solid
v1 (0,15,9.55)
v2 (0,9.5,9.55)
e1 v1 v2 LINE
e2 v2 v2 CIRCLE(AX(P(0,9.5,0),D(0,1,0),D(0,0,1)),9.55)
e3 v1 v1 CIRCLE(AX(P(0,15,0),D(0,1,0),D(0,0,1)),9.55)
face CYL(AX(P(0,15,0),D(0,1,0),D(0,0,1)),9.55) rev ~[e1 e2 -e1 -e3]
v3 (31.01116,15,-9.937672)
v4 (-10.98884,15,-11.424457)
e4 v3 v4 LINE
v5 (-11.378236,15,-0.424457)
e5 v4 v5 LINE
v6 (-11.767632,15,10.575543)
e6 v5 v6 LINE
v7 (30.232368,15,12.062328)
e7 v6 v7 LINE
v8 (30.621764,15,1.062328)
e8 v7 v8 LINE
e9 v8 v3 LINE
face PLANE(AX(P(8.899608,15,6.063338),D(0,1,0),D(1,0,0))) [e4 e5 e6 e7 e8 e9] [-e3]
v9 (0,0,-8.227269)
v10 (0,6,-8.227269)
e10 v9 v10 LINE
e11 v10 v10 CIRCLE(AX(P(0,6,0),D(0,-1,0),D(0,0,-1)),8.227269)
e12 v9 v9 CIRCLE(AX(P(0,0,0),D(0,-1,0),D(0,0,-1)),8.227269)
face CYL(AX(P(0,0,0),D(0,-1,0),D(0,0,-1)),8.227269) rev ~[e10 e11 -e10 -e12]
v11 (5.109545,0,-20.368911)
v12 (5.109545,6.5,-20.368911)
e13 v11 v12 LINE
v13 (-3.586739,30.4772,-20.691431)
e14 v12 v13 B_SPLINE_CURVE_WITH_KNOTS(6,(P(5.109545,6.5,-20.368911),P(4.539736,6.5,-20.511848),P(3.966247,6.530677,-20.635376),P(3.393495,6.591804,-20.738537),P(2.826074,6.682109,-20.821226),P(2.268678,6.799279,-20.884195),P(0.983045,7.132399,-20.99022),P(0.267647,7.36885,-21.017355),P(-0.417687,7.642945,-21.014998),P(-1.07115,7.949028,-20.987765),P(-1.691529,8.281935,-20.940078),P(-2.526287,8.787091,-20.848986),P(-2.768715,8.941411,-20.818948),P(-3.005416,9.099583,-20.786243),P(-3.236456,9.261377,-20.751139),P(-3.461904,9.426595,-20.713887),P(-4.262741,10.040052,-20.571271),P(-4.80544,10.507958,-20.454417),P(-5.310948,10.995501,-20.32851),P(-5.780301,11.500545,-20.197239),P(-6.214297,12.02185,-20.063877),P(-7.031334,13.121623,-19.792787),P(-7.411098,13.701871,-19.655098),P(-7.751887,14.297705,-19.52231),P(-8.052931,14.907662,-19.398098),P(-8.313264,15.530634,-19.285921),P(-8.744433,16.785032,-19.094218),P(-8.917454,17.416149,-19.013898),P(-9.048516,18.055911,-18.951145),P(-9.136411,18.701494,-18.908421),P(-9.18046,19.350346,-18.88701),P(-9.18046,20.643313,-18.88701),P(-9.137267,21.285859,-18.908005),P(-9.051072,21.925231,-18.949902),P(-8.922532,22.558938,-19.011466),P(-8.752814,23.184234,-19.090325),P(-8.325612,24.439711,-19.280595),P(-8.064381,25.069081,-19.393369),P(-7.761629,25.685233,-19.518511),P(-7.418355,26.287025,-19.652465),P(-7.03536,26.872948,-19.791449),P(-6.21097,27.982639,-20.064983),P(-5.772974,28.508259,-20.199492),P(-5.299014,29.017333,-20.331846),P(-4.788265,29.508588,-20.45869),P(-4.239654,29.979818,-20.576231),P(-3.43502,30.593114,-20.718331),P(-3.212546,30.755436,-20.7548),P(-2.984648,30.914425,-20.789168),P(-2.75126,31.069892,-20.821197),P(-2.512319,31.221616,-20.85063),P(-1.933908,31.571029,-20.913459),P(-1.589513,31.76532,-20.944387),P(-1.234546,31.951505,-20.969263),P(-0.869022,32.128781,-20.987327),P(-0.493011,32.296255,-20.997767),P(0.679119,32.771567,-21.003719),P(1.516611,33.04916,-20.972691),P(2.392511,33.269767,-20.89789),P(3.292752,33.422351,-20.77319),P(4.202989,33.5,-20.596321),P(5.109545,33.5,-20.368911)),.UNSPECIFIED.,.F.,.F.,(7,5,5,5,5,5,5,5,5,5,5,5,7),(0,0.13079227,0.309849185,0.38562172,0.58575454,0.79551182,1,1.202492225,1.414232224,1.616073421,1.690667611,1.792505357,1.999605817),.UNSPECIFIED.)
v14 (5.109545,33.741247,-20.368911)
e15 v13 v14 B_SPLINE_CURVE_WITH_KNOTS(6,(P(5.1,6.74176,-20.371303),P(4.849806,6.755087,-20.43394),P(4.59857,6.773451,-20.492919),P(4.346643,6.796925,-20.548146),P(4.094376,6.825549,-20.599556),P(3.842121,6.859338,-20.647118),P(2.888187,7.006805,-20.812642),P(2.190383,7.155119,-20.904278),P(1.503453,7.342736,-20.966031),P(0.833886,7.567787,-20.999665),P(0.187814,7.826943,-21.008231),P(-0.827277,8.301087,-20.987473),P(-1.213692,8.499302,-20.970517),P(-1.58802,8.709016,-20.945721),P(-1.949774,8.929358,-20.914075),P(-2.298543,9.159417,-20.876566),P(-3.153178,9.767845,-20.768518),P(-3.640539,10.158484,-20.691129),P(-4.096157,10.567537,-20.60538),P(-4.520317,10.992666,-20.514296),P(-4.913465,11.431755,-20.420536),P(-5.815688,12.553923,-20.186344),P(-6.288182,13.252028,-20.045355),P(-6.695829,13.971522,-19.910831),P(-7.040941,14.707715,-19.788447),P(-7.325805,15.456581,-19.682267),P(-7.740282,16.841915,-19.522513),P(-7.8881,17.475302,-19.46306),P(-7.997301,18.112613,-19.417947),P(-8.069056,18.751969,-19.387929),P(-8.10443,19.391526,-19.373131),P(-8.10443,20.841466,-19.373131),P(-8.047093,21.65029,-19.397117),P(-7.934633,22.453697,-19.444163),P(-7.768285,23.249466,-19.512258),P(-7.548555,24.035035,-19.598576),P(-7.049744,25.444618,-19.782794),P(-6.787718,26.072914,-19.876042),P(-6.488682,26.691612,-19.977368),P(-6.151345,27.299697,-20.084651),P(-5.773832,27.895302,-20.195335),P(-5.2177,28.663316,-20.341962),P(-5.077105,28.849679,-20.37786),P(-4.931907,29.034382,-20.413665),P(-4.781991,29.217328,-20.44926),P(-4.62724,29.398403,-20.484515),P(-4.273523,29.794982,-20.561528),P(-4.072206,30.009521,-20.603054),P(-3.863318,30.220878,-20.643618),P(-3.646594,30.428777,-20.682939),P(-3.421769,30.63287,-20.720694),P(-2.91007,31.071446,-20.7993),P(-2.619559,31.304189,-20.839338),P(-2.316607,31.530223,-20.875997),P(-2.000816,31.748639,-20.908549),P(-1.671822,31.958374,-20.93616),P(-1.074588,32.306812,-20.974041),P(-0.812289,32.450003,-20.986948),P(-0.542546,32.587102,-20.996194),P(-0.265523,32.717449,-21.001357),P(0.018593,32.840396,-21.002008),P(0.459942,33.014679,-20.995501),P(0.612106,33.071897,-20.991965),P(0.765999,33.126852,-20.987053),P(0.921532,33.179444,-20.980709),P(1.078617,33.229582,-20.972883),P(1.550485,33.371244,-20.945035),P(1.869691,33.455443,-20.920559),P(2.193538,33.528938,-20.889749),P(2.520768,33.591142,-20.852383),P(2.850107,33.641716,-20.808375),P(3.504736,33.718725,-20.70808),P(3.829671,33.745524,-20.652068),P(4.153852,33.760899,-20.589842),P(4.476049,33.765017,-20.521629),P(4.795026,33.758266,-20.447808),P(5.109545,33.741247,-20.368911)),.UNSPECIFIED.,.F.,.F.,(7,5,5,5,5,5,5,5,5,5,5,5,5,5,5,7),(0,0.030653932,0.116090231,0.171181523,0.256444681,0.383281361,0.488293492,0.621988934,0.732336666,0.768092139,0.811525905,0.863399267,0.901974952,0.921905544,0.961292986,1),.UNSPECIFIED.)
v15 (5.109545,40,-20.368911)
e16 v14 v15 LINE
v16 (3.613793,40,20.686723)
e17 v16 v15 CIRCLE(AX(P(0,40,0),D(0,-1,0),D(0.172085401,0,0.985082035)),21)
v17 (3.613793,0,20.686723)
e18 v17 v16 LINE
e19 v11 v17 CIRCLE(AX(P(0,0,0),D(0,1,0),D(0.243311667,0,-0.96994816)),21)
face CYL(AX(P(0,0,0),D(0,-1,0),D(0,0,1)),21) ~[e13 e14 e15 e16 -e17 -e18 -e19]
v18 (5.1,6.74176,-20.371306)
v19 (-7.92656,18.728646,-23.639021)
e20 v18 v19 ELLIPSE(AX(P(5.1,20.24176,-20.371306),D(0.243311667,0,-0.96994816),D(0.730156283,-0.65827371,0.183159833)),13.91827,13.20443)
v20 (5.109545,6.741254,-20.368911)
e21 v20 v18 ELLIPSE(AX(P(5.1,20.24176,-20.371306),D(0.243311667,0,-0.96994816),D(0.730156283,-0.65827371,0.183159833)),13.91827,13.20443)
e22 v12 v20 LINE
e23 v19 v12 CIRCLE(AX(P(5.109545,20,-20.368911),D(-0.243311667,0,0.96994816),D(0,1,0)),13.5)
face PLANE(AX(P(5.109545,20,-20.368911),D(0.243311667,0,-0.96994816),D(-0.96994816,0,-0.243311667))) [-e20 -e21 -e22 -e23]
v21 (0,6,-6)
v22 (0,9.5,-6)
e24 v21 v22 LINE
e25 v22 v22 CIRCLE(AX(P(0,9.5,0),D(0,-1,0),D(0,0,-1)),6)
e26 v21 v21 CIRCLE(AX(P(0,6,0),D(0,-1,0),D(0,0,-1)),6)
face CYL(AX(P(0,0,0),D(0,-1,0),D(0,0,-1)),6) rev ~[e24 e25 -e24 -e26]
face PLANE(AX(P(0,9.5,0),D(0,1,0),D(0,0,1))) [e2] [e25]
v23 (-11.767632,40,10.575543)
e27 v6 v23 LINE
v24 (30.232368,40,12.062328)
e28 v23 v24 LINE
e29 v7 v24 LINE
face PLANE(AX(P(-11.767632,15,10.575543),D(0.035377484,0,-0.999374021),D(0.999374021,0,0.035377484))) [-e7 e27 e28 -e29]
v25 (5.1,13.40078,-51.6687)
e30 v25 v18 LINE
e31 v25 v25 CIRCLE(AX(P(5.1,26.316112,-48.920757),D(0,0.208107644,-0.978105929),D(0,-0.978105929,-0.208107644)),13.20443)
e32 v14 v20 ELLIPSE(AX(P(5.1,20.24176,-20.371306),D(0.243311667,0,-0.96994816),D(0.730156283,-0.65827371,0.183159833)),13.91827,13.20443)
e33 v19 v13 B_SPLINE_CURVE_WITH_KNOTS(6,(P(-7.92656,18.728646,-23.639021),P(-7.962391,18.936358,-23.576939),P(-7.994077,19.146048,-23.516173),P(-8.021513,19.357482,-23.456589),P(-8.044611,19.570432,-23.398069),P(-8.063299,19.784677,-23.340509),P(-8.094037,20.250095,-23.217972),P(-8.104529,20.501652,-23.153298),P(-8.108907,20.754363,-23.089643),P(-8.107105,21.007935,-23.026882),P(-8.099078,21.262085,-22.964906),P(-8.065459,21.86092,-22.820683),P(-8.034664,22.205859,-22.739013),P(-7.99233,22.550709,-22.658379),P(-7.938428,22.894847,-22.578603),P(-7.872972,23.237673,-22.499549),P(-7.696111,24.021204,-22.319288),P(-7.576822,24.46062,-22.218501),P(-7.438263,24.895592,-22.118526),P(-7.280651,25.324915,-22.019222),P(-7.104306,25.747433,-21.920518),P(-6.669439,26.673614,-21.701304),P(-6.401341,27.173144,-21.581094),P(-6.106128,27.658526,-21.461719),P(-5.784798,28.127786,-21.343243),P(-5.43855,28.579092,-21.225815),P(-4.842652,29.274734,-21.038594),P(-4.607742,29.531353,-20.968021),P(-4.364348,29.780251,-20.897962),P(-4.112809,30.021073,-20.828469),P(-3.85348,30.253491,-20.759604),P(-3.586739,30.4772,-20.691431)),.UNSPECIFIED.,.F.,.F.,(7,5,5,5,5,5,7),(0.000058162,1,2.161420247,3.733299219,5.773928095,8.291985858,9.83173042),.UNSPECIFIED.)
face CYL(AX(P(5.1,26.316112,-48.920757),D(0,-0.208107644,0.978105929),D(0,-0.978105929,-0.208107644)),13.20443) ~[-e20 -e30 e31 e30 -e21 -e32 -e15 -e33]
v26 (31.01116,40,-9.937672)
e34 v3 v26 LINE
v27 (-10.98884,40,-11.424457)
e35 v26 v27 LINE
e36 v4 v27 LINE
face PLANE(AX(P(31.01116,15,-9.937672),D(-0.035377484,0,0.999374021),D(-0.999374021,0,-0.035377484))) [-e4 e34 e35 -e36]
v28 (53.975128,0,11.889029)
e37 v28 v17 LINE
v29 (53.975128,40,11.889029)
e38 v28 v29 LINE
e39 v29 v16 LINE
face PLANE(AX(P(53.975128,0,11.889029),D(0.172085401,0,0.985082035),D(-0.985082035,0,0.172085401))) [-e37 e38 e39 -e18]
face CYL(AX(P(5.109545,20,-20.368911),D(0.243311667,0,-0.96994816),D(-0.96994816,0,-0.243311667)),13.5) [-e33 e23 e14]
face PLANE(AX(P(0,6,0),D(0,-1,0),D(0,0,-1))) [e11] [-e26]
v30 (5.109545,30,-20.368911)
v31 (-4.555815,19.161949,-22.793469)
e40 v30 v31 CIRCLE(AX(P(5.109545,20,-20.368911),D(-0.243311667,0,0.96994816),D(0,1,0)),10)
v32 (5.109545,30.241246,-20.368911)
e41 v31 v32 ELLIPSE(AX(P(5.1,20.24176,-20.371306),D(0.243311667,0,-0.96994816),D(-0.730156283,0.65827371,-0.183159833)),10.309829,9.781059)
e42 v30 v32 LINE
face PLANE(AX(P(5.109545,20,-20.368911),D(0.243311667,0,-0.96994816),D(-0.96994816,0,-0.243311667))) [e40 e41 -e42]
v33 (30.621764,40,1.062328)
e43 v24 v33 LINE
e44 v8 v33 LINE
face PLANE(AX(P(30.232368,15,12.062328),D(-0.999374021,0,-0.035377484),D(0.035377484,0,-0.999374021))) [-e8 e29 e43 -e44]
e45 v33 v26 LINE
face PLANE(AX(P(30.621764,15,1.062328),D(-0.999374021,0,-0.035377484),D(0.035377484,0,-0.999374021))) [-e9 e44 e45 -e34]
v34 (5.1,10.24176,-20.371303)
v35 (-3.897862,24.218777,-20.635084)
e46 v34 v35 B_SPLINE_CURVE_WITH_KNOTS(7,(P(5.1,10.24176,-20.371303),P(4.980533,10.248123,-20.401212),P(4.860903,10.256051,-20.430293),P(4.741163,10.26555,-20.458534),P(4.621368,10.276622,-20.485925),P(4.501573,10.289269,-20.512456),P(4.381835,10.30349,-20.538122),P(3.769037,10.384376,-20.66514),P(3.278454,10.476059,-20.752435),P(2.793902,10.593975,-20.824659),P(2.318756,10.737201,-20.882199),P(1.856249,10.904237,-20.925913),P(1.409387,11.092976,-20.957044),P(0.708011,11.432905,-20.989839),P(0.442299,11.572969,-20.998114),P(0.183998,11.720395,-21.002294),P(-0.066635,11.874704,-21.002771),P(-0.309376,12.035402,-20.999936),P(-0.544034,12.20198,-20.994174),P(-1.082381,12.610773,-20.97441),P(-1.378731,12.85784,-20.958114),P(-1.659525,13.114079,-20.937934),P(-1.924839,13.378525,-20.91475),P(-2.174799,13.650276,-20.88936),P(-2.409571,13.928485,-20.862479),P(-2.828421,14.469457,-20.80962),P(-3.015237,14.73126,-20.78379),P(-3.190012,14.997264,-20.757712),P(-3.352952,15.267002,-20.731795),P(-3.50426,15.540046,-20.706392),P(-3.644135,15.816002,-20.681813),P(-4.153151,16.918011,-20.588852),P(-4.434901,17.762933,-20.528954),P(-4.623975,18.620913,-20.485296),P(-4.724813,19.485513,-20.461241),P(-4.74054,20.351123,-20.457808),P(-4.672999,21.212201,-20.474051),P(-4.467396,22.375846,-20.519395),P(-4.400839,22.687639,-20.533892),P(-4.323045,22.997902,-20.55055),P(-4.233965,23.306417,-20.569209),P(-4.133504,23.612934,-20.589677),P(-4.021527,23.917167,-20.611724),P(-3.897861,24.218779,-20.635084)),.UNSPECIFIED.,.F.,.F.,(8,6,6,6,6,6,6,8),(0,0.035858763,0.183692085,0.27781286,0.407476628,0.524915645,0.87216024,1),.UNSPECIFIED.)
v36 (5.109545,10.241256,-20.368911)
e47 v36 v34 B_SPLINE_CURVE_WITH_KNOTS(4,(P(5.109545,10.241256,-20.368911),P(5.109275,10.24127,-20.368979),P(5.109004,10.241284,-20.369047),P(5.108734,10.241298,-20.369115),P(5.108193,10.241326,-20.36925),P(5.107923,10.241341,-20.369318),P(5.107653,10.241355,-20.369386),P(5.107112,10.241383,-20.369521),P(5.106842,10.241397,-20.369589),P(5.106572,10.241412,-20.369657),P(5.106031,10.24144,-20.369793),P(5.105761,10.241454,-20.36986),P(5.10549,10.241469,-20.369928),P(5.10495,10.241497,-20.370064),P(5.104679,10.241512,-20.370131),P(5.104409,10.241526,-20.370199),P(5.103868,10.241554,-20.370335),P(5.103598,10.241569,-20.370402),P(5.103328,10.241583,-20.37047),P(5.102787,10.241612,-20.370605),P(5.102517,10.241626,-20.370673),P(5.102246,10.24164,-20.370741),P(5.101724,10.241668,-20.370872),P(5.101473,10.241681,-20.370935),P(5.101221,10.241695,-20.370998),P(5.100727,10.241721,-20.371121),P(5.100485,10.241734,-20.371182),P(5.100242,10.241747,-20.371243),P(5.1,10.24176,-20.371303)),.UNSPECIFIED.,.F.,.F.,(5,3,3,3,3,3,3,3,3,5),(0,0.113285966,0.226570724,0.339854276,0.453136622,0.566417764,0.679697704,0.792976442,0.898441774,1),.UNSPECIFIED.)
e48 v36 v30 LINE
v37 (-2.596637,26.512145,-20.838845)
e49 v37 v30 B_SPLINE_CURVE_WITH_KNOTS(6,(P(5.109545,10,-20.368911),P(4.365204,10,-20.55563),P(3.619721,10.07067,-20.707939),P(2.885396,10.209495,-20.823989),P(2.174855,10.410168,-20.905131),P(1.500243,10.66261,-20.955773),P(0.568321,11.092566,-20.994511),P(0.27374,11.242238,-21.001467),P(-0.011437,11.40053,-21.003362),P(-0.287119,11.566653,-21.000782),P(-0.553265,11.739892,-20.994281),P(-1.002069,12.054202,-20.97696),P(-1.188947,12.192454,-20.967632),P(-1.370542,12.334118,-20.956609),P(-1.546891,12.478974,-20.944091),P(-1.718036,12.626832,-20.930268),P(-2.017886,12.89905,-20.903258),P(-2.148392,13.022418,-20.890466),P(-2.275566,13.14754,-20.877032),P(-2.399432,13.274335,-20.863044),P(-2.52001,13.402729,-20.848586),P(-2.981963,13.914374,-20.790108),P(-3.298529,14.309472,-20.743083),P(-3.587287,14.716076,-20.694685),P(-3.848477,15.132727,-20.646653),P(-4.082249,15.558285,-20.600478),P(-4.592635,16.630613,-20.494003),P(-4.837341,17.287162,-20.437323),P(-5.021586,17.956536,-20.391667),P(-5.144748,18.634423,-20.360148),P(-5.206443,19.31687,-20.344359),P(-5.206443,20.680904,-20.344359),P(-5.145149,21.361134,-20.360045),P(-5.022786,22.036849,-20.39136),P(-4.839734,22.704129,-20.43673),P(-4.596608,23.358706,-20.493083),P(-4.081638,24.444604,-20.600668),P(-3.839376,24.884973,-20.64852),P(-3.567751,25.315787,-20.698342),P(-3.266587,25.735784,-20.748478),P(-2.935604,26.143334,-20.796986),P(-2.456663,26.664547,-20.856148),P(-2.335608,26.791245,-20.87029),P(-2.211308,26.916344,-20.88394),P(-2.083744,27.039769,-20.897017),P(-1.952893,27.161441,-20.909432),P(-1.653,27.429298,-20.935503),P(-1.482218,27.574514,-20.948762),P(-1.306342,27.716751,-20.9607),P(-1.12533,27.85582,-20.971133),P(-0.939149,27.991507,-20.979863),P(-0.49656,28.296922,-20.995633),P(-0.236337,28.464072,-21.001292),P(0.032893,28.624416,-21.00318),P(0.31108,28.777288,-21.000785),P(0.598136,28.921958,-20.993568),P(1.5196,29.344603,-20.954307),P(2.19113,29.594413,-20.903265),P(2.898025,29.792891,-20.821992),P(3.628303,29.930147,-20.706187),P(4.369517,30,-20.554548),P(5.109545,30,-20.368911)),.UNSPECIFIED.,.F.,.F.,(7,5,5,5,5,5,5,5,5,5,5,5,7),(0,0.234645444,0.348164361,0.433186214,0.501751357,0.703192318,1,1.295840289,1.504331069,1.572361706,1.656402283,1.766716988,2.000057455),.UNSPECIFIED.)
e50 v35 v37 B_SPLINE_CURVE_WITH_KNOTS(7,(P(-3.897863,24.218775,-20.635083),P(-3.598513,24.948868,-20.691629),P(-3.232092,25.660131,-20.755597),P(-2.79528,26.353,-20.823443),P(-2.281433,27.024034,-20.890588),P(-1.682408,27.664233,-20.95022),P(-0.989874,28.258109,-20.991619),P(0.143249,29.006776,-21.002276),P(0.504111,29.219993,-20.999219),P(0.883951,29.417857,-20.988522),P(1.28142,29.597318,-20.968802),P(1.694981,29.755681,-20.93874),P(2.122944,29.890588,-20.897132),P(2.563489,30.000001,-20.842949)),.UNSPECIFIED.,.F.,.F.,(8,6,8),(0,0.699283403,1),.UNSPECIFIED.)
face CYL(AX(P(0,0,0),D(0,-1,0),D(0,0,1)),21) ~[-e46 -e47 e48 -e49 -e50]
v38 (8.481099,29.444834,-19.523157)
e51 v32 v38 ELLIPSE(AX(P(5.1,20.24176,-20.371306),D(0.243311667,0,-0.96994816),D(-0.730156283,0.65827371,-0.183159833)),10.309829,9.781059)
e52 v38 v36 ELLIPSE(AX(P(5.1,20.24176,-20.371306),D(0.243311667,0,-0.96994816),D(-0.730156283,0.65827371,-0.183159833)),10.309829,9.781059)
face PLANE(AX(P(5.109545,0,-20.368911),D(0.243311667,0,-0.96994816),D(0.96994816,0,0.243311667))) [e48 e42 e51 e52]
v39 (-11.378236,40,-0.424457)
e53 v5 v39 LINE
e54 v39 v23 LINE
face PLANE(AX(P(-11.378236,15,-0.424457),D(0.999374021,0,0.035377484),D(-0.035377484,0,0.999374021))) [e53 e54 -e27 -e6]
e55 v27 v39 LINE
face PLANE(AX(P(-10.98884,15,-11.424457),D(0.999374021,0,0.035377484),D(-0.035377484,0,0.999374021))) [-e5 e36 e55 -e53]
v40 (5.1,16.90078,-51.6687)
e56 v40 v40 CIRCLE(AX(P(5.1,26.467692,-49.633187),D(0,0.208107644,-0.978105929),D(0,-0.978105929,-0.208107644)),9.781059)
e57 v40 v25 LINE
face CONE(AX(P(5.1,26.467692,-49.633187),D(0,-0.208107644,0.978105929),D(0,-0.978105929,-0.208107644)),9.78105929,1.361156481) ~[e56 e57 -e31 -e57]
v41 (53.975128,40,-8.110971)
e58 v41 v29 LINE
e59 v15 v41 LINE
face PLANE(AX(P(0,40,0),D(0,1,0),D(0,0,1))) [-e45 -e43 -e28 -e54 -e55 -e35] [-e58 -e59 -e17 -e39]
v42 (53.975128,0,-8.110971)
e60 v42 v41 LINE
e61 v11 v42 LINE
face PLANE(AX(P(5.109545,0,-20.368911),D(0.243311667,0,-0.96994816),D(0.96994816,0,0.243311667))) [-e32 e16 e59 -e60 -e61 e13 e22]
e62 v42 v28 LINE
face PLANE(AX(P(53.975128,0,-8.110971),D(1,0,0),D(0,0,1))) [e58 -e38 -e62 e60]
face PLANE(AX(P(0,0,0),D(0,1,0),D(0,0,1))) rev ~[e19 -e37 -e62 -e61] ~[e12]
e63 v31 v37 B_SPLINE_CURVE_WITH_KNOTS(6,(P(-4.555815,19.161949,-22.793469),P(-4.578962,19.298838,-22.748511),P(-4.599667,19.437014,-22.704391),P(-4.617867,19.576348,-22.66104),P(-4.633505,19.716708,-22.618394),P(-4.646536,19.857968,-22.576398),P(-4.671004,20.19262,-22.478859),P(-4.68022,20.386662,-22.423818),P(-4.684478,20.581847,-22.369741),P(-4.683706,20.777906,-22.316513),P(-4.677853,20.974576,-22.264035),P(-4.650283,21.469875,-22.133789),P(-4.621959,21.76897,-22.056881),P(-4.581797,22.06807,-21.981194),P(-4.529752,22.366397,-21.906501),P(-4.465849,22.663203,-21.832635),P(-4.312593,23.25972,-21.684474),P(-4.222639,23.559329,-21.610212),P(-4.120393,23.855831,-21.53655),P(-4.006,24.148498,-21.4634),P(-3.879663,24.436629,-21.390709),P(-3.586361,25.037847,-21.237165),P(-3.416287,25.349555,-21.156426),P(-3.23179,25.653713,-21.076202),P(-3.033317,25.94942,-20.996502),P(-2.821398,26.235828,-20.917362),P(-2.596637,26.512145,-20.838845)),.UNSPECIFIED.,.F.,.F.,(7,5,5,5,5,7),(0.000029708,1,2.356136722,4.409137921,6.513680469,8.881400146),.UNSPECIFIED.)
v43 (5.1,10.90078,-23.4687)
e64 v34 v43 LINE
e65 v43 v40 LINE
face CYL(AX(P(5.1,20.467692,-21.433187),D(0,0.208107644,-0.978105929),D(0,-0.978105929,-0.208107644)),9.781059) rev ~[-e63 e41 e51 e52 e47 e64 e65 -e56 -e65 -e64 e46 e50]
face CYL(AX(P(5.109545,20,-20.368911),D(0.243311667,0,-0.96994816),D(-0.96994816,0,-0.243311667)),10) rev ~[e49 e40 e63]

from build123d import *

# Parameters (mm, degrees)
CROQUIS1_R              = 21
SALIENTE_EXTRUIR1_DEPTH = 40
SALIENTE_EXTRUIR2_DEPTH = 40
SALIENTE_EXTRUIR3_REACH = 77.493
CROQUIS3_R              = 13.5
CROQUIS3_R_2            = 10
CROQUIS7_R              = 8.227269221
CROQUIS7_R_2            = 6
CORTAR_EXTRUIR6_DEPTH   = 6
CROQUIS8_R              = 6
CORTAR_EXTRUIR7_DEPTH   = 72.223648425
CORTAR_EXTRUIR8_START   = -25
CORTAR_EXTRUIR8_DEPTH   = 25
CROQUIS12_R             = 9.55
CORTAR_EXTRUIR9_DEPTH   = 5.5


with BuildPart() as part:
    # Croquis1 → Saliente-Extruir1 (new body)
    with BuildSketch(Plane(origin=(0, 0, 0), x_dir=(1, 0, 0), z_dir=(0, 1, 0))):
        with Locations(Location((0, 0, 0), (0, 0, 270))):
            Circle(CROQUIS1_R)
    extrude(amount=SALIENTE_EXTRUIR1_DEPTH)

    # Croquis2 → Saliente-Extruir2 (add)
    with BuildSketch(Plane(origin=(0, 0, 0), x_dir=(1, 0, 0), z_dir=(0, 1, 0))):
        with BuildLine():
            Line((53.975127576, 8.110971331), (53.975127576, -11.889028669))
            Line((53.975127576, -11.889028669), (3.613793412, -20.686722727))
            ThreePointArc((3.613793412, -20.686722727), (20.98607707, -0.764571273), (5.109545014, 20.368911354))
            Line((5.109545014, 20.368911354), (53.975127576, 8.110971331))
        make_face()
    extrude(amount=SALIENTE_EXTRUIR2_DEPTH)

    # Croquis3 → Saliente-Extruir3 (add, up to next)
    with BuildSketch(Plane(origin=(5.109545014, 0, -20.368911354), x_dir=(-0.9699481597219111, 0, -0.24331166731597212), z_dir=(0.2433116673159721, 0, -0.969948159721911)), mode=Mode.PRIVATE) as saliente_extruir3_sk1:
        with Locations((0, 20)):
            Circle(CROQUIS3_R)
        with Locations((0, 20)):
            Circle(CROQUIS3_R_2, mode=Mode.SUBTRACT)
    saliente_extruir3_tool1 = extrude(saliente_extruir3_sk1.sketch, amount=-SALIENTE_EXTRUIR3_REACH, mode=Mode.PRIVATE) - part.part
    add(saliente_extruir3_tool1.solids().sort_by_distance((17.833482, 20, -17.177109))[0])

    # Croquis7 → Cortar-Extruir6 (cut)
    with BuildSketch(Plane.XZ):
        with Locations(Location((0, 0, 0), (0, 0, 270))):
            Circle(CROQUIS7_R)
        with Locations(Location((0, 0, 0), (0, 0, 270))):
            Circle(CROQUIS7_R_2, mode=Mode.SUBTRACT)
    extrude(amount=-CORTAR_EXTRUIR6_DEPTH, mode=Mode.SUBTRACT)

    # Croquis8 → Cortar-Extruir7 (cut, through all)
    with BuildSketch(Plane.XZ):
        with Locations(Location((0, 0, 0), (0, 0, 270))):
            Circle(CROQUIS8_R)
    extrude(amount=-CORTAR_EXTRUIR7_DEPTH, mode=Mode.SUBTRACT)

    # Croquis10 → Cortar-Extruir8 (cut)
    with BuildSketch(Plane(origin=(0, 40, 0), x_dir=(1, 0, 0), z_dir=(0, 1, 0)).offset(CORTAR_EXTRUIR8_START)):
        with BuildLine():
            Line((-5.995438853, 0.23390802), (-11.37823559, 0.424457107))
            Line((-11.37823559, 0.424457107), (-11.767631672, -10.575542893))
            Line((-11.767631672, -10.575542893), (30.232368328, -12.062327932))
            Line((30.232368328, -12.062327932), (30.62176441, -1.062327932))
            Line((30.62176441, -1.062327932), (5.996971268, -0.190619027))
            ThreePointArc((5.996971268, -0.190619027), (-0.212264906, -5.996244125), (-5.995438853, 0.23390802))
        make_face()
        with BuildLine():
            Line((-10.988839509, 11.424457107), (-11.37823559, 0.424457107))
            Line((-11.37823559, 0.424457107), (-5.995438853, 0.23390802))
            ThreePointArc((-5.995438853, 0.23390802), (0.116976243, 5.998859605), (6, 0))
            ThreePointArc((6, 0), (5.999242769, -0.095321543), (5.996971268, -0.190619027))
            Line((5.996971268, -0.190619027), (30.62176441, -1.062327932))
            Line((30.62176441, -1.062327932), (31.011160491, 9.937672068))
            Line((31.011160491, 9.937672068), (-10.988839509, 11.424457107))
        make_face()
    extrude(amount=CORTAR_EXTRUIR8_DEPTH, mode=Mode.SUBTRACT)

    # Croquis12 → Cortar-Extruir9 (cut)
    with BuildSketch(Plane(origin=(0, 15, 0), x_dir=(1, 0, 0), z_dir=(0, 1, 0))):
        with Locations(Location((0, 0, 0), (0, 0, 270))):
            Circle(CROQUIS12_R)
    extrude(amount=-CORTAR_EXTRUIR9_DEPTH, mode=Mode.SUBTRACT)

    # Croquis4 → Revolución2 (revolve)
    with BuildSketch(Plane(origin=(5.1, 0, 0), x_dir=(0, 0, -1), z_dir=(1, 0, 0))):
        Polygon((23.468699932, 10.900780306), (51.668699932, 16.900780306), (51.668699932, 13.400780306), (16.629031587, 5.945531722), (16.629031587, 9.445531722), align=None)
    revolve(axis=Axis((5.1, 20.900780306, -23.468699932), (0, 0.20810764446485977, -0.9781059289848353)))


solid = part.part
